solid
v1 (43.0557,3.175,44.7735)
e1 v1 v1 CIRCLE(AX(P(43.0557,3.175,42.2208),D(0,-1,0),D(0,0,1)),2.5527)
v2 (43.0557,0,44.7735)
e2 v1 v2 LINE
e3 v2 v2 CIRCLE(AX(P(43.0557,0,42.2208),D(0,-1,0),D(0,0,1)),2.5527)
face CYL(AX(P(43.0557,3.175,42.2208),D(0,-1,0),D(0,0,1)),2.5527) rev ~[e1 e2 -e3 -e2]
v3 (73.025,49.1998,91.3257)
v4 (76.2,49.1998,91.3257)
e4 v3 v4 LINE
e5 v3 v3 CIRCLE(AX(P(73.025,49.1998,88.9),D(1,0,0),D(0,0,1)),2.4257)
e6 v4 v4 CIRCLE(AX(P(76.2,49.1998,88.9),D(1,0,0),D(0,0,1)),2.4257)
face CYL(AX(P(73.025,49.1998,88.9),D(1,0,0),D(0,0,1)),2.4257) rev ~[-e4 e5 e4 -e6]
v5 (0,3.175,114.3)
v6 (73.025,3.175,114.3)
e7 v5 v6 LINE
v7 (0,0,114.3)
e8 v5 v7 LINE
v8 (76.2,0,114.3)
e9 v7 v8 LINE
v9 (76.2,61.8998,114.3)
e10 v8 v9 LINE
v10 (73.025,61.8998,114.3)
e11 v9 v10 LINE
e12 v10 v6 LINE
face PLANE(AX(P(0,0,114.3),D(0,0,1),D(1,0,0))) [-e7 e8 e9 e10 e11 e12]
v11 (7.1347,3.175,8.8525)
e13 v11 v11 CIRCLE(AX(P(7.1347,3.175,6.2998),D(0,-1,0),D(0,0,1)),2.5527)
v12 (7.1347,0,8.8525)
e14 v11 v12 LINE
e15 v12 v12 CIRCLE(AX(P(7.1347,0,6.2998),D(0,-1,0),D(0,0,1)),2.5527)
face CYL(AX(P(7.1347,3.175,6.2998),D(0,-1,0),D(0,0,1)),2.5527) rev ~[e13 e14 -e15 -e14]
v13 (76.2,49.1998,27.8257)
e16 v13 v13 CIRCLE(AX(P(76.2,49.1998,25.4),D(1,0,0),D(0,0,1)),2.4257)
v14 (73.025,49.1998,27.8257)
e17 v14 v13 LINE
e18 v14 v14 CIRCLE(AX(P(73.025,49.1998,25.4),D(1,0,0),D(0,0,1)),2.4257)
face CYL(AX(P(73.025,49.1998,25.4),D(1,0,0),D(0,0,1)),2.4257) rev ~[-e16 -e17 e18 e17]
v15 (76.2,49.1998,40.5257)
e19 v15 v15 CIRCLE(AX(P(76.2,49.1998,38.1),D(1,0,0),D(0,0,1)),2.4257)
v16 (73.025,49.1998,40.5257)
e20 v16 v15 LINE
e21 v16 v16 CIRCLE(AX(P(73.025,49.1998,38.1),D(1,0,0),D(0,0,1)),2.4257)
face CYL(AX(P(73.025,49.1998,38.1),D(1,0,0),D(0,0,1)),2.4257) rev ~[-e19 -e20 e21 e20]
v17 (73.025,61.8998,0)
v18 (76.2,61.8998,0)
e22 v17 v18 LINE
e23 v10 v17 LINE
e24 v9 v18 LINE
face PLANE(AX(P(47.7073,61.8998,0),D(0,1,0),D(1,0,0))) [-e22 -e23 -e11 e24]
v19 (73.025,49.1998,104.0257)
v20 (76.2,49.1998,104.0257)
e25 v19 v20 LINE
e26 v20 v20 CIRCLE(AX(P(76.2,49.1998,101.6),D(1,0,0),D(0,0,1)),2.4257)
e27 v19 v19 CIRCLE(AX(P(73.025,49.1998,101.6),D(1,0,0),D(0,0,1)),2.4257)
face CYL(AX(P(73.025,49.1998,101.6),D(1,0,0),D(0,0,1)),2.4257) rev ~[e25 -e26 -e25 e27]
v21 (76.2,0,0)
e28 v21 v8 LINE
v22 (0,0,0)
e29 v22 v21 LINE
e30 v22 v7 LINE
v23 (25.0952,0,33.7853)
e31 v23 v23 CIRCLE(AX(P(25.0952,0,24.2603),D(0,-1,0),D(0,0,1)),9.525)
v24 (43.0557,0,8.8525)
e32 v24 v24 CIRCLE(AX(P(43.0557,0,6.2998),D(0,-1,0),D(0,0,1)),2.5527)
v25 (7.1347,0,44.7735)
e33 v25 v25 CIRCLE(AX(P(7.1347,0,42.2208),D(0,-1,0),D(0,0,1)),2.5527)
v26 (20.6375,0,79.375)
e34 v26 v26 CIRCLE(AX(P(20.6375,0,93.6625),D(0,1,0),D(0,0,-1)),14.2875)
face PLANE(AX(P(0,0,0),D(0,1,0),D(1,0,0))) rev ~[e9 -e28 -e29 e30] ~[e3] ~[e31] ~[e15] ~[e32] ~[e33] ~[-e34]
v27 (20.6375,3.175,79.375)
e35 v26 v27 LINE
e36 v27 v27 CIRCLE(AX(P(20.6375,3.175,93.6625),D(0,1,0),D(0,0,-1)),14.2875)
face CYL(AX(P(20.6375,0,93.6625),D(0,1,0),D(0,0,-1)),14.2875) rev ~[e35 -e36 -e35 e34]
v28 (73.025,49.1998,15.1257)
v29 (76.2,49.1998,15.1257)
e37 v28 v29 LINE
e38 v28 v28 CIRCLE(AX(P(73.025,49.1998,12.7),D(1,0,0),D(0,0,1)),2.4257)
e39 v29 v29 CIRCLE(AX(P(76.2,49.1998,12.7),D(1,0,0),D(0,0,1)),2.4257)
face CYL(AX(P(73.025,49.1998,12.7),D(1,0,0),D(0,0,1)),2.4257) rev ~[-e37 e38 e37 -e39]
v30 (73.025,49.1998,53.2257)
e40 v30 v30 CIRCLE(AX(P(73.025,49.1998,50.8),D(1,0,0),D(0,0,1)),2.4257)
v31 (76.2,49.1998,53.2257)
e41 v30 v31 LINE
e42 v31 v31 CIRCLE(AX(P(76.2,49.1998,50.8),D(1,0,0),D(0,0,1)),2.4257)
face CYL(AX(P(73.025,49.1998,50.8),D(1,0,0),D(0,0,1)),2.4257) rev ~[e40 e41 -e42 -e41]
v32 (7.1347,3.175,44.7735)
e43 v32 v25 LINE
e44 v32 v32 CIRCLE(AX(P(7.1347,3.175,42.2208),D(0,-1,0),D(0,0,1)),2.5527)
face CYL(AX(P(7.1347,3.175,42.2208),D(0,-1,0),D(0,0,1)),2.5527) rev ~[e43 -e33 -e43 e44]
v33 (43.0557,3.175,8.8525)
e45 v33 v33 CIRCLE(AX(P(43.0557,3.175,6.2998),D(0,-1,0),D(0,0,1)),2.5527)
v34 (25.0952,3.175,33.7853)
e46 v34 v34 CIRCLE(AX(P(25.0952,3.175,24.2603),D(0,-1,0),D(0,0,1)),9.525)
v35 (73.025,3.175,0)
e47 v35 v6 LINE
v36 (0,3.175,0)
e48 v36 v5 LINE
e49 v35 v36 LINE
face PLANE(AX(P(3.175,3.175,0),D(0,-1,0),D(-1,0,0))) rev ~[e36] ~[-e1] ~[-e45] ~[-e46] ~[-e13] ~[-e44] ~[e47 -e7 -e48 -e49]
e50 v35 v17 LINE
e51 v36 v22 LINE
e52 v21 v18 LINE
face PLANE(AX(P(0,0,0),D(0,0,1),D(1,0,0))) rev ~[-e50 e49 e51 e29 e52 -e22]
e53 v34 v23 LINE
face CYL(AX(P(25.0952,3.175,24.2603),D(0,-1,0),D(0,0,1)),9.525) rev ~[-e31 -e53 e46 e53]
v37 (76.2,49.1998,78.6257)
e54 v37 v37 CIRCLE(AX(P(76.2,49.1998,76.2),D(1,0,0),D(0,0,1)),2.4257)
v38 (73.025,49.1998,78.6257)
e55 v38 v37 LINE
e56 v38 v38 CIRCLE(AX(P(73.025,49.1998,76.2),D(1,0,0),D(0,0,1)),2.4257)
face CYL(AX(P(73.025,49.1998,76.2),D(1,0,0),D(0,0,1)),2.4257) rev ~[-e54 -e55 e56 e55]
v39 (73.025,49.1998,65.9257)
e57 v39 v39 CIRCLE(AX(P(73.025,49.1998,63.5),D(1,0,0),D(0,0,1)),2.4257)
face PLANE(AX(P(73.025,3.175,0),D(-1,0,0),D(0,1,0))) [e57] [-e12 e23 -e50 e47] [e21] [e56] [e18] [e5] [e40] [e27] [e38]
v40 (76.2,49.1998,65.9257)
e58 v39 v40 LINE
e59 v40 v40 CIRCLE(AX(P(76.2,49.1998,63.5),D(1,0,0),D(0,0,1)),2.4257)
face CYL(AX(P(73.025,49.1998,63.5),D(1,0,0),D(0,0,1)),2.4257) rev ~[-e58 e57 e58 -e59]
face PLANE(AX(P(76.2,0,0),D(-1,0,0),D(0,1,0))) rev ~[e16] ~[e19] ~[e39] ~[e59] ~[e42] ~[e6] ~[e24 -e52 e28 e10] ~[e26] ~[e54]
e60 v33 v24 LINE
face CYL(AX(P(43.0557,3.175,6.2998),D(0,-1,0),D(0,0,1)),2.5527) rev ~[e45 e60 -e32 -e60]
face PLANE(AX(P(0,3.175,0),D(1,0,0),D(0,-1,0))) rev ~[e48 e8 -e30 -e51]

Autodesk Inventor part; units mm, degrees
ref_plane "YZ Plane" through (0, 0, 0) normal (1, 0, 0) x (0, 1, 0)
ref_plane "XZ Plane" through (0, 0, 0) normal (0, 1, 0) x (-1, 0, 0)
ref_plane "XY Plane" through (0, 0, 0) normal (0, 0, 1) x (1, 0, 0)
sketch "Sketch1" plane through (0, 0, 0) normal (0, 0, 1) x (1, 0, 0)
  line L0 (0, 0) -> (76.2, 0)
  line L1 (76.2, 0) -> (76.2, 76.2)
  line L2 (76.2, 76.2) -> (0, 76.2)
  line L3 (0, 3.175) -> (0, 0)
  line L4 (3.175, 3.175) -> (73.025, 3.175)
  line L5 (73.025, 3.175) -> (73.025, 73.025)
  line L6 (3.175, 3.175) -> (0, 3.175)
  line L7 (73.025, 73.025) -> (73.025, 76.2)
  dimension "d0" = 76.2
  dimension "d1" = 76.2
extrude "Extrusion1" add sketch "Sketch1" along normal blind 114.3
sketch "Sketch2" plane through (0, 0, 0) normal (0, -1, 0) x (1, 0, 0)
  line L0 (0, 114.3) -> (76.2, 114.3) projected
  line L1 (0, 0) -> (0, 114.3) projected
  point P0 (20.6375, 93.6625)
  dimension "d5" = 20.6375
  dimension "d6" = 20.6375
  dimension "d14" = 114.3
hole "Hole1" at (20.6375, 0, 93.6625) direction (0, 1, 0) diameter 28.575 depth 25.4 tip angle 118
sketch "Sketch3" plane through (0, 3.175, 0) normal (0, 1, 0) x (1, 0, 0)
  circle A0 centre (20.6375, -93.6625) radius 14.2875 projected
  line L0 (0, 0) -> (0, -114.3) projected
  line L1 (47.625, 18.9706) -> (73.025, 18.9706) construction
  line L2 (73.025, 18.9706) -> (73.025, -101.6) construction
  line L3 (73.025, -101.6) -> (47.625, -101.6) construction
  line L4 (47.625, -101.6) -> (47.625, 18.9706) construction
  line L5 (73.025, 0) -> (73.025, -114.3) construction
  circle A1 centre (25.0952, -24.2603) radius 17.4498 construction
  dimension "d27" = 69.5452
  dimension "d28" = 25.4
  dimension "d29" = 34.8996
  dimension "d30" = 22.5298
hole "Hole2" at (25.0952, 3.175, 24.2603) direction (0, -1, 0) diameter 19.05 depth 25.4 tip angle 118
sketch "Sketch4" plane through (0, 3.175, 0) normal (0, 1, 0) x (1, 0, 0)
  line L0 (0, 0) -> (0, -114.3) projected
  circle A0 centre (25.0952, -24.2603) radius 25.4
  line L1 (-11.821, -6.2998) -> (92.2522, -6.2998) construction
  circle A1 centre (25.0952, -24.2603) radius 7.9375
  circle A2 centre (25.0952, -24.2603) radius 9.525 projected
  point P0 (7.1347, -6.2998)
  point P1 (7.1347, -42.2208)
  point P2 (43.0557, -42.2208)
  point P3 (43.0557, -6.2998)
  dimension "d39" = 50.8
  dimension "d42" = 360
hole "Hole3" at (7.1347, 3.175, 6.2998) at (43.0557, 3.175, 6.2998) at (43.0557, 3.175, 42.2208) at (7.1347, 3.175, 42.2208) direction (0, -1, 0) diameter 5.1054 depth 25.4 tip angle 118 clearance for "Flat Head Machine Screw (82)" size "#10" standard "Ansi Unified Screw Threads"
sketch "Sketch5" plane through (0, 0, 0) normal (0, 0, -1) x (-1, 0, 0)
  line L0 (-47.7073, 61.8998) -> (-105.1568, 61.8998)
  line L1 (-105.1568, 61.8998) -> (-105.1568, 87.3508)
  line L2 (-105.1568, 87.3508) -> (-47.7073, 87.3508)
  line L3 (-47.7073, 87.3508) -> (-47.7073, 61.8998)
  line L4 (-76.2, 76.2) -> (-73.025, 76.2) projected
  point P0 (0, 0)
  dimension "d44" = 14.3002
extrude "Extrusion2" cut sketch "Sketch5" against normal through all
sketch "Sketch6" plane through (73.025, 3.175, 0) normal (-1, 0, 0) x (0, 0, 1)
  line L0 (114.3, 58.7248) -> (0, 58.7248) projected
  line L1 (114.3, 58.7248) -> (114.3, 0) projected
  line L2 (0, 58.7248) -> (0, 0) projected
  point P0 (0, -3.175)
  point P1 (101.6, 46.0248)
  point P2 (88.9, 46.0248)
  point P3 (76.2, 46.0248)
  point P4 (63.5, 46.0248)
  point P5 (50.8, 46.0248)
  point P6 (38.1, 46.0248)
  point P7 (25.4, 46.0248)
  point P8 (12.7, 46.0248)
  dimension "d47" = 12.7
  dimension "d48" = 12.7
  dimension "d49" = 12.7
  dimension "d50" = 12.7
  dimension "d51" = 12.7
  dimension "d52" = 12.7
  dimension "d53" = 12.7
  dimension "d54" = 12.7
  dimension "d55" = 12.7
  dimension "d56" = 12.7
  dimension "d57" = 12.7
  dimension "d58" = 12.7
  dimension "d59" = 12.7
  dimension "d60" = 12.7
  dimension "d61" = 12.7
  dimension "d62" = 12.7
hole "Hole4" at (73.025, 49.1998, 101.6) at (73.025, 49.1998, 88.9) at (73.025, 49.1998, 76.2) at (73.025, 49.1998, 63.5) at (73.025, 49.1998, 50.8) at (73.025, 49.1998, 38.1) at (73.025, 49.1998, 25.4) at (73.025, 49.1998, 12.7) direction (1, 0, 0) diameter 4.8514 end through all
equation "\"d5\" = d6"
properties part number "ARM_067_NewLongShaftMount" material "Aluminum 6061"
